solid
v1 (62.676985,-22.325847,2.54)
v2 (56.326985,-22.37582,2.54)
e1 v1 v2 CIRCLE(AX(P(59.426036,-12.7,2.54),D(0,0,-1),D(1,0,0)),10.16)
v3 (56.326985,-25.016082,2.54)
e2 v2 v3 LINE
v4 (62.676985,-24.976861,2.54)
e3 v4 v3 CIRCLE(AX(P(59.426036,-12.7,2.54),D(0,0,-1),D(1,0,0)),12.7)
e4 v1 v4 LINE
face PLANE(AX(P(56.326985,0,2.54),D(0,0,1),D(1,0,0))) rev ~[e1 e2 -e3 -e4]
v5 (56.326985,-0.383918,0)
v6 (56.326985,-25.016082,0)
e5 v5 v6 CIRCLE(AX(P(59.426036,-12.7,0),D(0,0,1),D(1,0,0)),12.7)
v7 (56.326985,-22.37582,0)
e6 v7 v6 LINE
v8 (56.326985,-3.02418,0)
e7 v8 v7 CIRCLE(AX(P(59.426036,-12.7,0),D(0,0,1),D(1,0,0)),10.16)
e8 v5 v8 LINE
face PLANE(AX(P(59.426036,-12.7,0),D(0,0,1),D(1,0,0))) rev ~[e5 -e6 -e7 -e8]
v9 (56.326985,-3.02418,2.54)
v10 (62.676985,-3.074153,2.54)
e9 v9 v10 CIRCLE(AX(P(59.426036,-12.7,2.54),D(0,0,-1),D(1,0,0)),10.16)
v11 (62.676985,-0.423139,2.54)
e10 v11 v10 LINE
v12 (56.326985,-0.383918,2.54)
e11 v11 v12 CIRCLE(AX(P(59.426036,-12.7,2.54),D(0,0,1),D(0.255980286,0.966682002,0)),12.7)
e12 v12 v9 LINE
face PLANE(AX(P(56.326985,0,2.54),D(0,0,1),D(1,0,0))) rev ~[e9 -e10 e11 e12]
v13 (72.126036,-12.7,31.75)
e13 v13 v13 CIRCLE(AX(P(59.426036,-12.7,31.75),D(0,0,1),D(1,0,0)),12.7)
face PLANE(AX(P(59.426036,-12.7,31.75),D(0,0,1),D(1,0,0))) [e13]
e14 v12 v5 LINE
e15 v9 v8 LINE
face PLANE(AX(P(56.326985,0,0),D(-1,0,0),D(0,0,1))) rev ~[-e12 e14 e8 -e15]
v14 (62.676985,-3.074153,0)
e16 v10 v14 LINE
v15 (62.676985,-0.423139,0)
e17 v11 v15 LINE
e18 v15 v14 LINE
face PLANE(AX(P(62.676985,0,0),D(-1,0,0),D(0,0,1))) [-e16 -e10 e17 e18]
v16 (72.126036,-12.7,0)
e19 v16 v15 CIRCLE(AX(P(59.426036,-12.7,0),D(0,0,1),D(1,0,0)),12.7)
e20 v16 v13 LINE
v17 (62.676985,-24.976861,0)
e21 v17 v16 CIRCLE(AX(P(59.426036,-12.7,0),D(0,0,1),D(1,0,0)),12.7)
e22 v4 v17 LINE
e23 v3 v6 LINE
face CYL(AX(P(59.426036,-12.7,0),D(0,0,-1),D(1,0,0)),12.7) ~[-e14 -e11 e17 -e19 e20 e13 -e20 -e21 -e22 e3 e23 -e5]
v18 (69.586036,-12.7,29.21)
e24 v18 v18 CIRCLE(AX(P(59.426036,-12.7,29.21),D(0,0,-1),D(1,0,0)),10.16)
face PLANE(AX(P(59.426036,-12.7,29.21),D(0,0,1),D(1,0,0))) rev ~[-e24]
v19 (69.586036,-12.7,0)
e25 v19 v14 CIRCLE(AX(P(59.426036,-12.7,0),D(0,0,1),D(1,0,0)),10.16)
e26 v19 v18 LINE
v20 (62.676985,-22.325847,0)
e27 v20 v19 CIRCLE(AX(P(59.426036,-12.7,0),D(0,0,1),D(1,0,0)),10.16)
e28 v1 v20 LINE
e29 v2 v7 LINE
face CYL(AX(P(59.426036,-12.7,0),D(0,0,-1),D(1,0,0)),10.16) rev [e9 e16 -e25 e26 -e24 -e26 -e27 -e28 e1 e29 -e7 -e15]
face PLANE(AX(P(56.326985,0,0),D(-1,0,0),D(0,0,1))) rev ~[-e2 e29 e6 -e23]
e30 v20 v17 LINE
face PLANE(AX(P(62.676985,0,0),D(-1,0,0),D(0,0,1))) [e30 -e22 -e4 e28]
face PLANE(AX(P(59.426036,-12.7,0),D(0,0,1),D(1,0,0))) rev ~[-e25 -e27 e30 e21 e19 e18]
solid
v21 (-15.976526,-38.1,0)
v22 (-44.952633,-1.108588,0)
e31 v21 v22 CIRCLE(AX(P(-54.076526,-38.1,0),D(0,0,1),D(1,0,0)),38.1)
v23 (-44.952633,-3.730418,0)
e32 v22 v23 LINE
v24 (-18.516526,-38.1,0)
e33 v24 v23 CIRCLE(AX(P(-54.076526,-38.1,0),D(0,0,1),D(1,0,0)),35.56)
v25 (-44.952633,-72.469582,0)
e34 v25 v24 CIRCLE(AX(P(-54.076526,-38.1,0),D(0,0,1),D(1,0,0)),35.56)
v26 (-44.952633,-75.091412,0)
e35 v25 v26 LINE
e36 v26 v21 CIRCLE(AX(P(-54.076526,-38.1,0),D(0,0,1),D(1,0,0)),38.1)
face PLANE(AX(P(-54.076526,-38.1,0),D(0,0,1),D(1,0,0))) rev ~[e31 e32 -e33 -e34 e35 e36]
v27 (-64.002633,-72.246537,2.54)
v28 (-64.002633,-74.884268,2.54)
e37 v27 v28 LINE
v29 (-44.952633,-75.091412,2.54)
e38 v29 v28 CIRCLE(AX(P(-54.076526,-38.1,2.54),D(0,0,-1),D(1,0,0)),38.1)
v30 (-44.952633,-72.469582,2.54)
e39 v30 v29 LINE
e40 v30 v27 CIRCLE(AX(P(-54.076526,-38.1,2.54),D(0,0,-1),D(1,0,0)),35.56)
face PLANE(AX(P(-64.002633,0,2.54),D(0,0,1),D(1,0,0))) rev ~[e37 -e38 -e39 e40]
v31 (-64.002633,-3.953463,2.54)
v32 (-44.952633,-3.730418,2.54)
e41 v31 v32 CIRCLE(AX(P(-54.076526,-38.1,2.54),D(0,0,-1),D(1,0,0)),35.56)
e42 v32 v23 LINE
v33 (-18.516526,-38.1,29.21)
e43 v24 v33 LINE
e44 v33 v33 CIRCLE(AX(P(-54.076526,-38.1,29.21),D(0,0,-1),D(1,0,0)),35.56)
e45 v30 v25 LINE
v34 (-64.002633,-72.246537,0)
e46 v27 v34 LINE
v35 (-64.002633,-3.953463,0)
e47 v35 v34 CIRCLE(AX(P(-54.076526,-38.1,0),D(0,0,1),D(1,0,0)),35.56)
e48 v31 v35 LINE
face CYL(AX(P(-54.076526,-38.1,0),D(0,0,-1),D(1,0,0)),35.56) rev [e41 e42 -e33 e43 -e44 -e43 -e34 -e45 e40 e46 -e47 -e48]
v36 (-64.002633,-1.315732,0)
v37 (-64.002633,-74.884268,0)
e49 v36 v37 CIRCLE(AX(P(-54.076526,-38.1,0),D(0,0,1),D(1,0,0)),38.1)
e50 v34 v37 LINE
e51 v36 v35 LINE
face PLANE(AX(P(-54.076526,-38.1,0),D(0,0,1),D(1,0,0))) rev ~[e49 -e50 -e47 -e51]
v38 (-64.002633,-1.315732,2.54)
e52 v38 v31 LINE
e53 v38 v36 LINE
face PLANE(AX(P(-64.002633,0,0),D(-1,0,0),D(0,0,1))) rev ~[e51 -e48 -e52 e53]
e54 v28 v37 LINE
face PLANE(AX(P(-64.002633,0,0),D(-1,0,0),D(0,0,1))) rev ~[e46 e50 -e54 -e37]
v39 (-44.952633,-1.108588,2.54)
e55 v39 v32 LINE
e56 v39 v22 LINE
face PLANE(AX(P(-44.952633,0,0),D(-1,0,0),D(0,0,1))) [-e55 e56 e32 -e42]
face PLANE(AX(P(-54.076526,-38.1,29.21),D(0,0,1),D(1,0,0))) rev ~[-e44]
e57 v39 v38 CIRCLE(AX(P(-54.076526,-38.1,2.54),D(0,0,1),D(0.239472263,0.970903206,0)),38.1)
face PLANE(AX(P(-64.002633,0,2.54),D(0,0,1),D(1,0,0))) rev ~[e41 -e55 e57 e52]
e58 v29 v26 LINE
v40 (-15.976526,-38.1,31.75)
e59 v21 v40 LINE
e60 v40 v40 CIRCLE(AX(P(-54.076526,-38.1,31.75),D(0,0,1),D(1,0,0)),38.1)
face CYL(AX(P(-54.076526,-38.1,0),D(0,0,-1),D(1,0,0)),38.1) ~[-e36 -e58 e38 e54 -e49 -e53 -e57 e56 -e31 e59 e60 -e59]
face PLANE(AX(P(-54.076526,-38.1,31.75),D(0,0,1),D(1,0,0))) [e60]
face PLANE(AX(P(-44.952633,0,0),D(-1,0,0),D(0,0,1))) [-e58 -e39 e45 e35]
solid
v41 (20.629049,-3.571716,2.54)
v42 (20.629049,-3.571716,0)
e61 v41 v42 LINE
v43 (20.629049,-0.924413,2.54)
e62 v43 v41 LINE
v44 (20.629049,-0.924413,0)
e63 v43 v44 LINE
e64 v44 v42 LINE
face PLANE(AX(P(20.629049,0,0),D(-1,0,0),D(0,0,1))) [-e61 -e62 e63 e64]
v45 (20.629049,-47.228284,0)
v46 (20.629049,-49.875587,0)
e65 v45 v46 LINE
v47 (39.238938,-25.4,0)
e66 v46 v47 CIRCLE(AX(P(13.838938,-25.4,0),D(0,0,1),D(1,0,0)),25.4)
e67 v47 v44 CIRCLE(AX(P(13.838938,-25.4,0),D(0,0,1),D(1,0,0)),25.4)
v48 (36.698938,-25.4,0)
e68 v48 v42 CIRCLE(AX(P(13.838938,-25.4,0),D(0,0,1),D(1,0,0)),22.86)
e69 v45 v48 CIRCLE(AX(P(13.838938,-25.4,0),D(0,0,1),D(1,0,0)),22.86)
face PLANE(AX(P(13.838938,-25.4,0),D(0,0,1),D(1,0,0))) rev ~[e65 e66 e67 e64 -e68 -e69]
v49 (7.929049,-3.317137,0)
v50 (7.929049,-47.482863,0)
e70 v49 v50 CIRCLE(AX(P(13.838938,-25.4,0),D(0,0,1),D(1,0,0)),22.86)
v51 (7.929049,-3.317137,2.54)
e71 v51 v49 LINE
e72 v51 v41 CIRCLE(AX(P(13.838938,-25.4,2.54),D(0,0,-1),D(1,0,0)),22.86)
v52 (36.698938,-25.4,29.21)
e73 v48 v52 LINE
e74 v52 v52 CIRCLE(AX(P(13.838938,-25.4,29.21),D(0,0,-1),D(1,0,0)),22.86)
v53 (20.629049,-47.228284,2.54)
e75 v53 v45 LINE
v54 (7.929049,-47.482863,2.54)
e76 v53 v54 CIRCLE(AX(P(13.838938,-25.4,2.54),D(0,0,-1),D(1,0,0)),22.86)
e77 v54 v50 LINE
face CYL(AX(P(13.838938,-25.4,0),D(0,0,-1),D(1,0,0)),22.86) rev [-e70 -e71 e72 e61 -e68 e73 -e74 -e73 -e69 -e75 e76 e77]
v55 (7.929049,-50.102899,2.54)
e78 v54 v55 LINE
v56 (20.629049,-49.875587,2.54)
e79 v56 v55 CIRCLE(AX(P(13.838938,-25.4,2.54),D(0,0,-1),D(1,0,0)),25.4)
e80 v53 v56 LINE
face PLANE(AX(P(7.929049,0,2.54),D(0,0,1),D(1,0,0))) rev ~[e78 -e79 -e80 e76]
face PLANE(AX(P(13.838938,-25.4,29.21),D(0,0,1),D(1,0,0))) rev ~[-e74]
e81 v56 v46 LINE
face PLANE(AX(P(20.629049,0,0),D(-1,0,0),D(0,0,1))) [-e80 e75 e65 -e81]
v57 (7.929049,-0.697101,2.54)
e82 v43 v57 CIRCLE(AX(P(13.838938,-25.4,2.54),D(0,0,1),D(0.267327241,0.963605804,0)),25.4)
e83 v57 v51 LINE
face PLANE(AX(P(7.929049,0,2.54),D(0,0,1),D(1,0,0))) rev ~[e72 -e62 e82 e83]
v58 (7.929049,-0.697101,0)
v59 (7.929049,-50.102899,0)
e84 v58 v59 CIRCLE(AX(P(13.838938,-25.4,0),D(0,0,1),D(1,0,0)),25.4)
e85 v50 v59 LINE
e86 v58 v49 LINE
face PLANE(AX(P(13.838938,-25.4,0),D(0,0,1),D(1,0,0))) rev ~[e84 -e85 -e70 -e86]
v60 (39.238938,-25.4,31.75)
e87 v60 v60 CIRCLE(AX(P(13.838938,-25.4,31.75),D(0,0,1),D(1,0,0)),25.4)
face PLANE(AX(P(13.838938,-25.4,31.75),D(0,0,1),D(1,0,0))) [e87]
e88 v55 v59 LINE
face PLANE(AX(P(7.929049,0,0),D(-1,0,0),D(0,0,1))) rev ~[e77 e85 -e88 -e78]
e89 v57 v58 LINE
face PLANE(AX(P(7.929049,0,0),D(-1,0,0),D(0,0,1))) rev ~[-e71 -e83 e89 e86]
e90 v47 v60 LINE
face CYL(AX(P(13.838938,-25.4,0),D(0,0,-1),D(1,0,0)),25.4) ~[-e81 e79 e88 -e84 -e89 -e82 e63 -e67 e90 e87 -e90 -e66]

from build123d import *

# Parameters (mm, degrees)
F0_R     = 38.1
F1_DEPTH = 31.75
F0_R_2   = 25.4
F0_R_3   = 12.7
F2_T     = -2.54
F2_2_T   = -2.54
F2_3_T   = -2.54
F3_W     = 6.35
F3_H     = 2.54
F3_W_2   = 12.7
F3_W_3   = 19.05
F4_DEPTH = 88.9


with BuildPart() as f1:
    # F0 (on Top) → F1 (new body)
    with BuildSketch(Plane.XY):
        with Locations((-54.076526314, -38.1)):
            Circle(F0_R)
    extrude(amount=F1_DEPTH)

    # F2#3
    f2_3_openings = [f1.faces().sort_by_distance(p)[0] for p in [
        (-54.076526, -38.1, 0),
    ]]
    offset(amount=F2_3_T, openings=f2_3_openings)


with BuildPart() as f1b:
    # F0 (on Top) → F1, piece 2 (new body)
    with BuildSketch(Plane.XY):
        with Locations((13.8389375061, -25.4)):
            Circle(F0_R_2)
    extrude(amount=F1_DEPTH)

    # F2
    f2_openings = [f1b.faces().sort_by_distance(p)[0] for p in [
        (13.838938, -25.4, 0),
    ]]
    offset(amount=F2_T, openings=f2_openings)


with BuildPart() as f1c:
    # F0 (on Top) → F1, piece 3 (new body)
    with BuildSketch(Plane.XY):
        with Locations((59.426035732, -12.7)):
            Circle(F0_R_3)
    extrude(amount=F1_DEPTH)

    # F2#2
    f2_2_openings = [f1c.faces().sort_by_distance(p)[0] for p in [
        (59.426036, -12.7, 0),
    ]]
    offset(amount=F2_2_T, openings=f2_2_openings)


with BuildPart() as f4_tool:
    # F3 (on Front) → F4 (new body)
    with BuildSketch(Plane.XZ):
        with Locations((59.5019853592, 1.27)):
            Rectangle(F3_W, F3_H)
        with Locations((14.2790494323, 1.27)):
            Rectangle(F3_W_2, F3_H)
        with Locations((-54.4776330948, 1.27)):
            Rectangle(F3_W_3, F3_H)
    extrude(amount=F4_DEPTH)


with BuildPart() as f1_1:
    add(f1.part)

    # F4: cut by f4_tool
    add(f4_tool.part, mode=Mode.SUBTRACT)


with BuildPart() as f1b_1:
    add(f1b.part)

    # F4: cut by f4_tool
    add(f4_tool.part, mode=Mode.SUBTRACT)


with BuildPart() as f1c_1:
    add(f1c.part)

    # F4: cut by f4_tool
    add(f4_tool.part, mode=Mode.SUBTRACT)


solid = Compound([f1_1.part, f1b_1.part, f1c_1.part])
